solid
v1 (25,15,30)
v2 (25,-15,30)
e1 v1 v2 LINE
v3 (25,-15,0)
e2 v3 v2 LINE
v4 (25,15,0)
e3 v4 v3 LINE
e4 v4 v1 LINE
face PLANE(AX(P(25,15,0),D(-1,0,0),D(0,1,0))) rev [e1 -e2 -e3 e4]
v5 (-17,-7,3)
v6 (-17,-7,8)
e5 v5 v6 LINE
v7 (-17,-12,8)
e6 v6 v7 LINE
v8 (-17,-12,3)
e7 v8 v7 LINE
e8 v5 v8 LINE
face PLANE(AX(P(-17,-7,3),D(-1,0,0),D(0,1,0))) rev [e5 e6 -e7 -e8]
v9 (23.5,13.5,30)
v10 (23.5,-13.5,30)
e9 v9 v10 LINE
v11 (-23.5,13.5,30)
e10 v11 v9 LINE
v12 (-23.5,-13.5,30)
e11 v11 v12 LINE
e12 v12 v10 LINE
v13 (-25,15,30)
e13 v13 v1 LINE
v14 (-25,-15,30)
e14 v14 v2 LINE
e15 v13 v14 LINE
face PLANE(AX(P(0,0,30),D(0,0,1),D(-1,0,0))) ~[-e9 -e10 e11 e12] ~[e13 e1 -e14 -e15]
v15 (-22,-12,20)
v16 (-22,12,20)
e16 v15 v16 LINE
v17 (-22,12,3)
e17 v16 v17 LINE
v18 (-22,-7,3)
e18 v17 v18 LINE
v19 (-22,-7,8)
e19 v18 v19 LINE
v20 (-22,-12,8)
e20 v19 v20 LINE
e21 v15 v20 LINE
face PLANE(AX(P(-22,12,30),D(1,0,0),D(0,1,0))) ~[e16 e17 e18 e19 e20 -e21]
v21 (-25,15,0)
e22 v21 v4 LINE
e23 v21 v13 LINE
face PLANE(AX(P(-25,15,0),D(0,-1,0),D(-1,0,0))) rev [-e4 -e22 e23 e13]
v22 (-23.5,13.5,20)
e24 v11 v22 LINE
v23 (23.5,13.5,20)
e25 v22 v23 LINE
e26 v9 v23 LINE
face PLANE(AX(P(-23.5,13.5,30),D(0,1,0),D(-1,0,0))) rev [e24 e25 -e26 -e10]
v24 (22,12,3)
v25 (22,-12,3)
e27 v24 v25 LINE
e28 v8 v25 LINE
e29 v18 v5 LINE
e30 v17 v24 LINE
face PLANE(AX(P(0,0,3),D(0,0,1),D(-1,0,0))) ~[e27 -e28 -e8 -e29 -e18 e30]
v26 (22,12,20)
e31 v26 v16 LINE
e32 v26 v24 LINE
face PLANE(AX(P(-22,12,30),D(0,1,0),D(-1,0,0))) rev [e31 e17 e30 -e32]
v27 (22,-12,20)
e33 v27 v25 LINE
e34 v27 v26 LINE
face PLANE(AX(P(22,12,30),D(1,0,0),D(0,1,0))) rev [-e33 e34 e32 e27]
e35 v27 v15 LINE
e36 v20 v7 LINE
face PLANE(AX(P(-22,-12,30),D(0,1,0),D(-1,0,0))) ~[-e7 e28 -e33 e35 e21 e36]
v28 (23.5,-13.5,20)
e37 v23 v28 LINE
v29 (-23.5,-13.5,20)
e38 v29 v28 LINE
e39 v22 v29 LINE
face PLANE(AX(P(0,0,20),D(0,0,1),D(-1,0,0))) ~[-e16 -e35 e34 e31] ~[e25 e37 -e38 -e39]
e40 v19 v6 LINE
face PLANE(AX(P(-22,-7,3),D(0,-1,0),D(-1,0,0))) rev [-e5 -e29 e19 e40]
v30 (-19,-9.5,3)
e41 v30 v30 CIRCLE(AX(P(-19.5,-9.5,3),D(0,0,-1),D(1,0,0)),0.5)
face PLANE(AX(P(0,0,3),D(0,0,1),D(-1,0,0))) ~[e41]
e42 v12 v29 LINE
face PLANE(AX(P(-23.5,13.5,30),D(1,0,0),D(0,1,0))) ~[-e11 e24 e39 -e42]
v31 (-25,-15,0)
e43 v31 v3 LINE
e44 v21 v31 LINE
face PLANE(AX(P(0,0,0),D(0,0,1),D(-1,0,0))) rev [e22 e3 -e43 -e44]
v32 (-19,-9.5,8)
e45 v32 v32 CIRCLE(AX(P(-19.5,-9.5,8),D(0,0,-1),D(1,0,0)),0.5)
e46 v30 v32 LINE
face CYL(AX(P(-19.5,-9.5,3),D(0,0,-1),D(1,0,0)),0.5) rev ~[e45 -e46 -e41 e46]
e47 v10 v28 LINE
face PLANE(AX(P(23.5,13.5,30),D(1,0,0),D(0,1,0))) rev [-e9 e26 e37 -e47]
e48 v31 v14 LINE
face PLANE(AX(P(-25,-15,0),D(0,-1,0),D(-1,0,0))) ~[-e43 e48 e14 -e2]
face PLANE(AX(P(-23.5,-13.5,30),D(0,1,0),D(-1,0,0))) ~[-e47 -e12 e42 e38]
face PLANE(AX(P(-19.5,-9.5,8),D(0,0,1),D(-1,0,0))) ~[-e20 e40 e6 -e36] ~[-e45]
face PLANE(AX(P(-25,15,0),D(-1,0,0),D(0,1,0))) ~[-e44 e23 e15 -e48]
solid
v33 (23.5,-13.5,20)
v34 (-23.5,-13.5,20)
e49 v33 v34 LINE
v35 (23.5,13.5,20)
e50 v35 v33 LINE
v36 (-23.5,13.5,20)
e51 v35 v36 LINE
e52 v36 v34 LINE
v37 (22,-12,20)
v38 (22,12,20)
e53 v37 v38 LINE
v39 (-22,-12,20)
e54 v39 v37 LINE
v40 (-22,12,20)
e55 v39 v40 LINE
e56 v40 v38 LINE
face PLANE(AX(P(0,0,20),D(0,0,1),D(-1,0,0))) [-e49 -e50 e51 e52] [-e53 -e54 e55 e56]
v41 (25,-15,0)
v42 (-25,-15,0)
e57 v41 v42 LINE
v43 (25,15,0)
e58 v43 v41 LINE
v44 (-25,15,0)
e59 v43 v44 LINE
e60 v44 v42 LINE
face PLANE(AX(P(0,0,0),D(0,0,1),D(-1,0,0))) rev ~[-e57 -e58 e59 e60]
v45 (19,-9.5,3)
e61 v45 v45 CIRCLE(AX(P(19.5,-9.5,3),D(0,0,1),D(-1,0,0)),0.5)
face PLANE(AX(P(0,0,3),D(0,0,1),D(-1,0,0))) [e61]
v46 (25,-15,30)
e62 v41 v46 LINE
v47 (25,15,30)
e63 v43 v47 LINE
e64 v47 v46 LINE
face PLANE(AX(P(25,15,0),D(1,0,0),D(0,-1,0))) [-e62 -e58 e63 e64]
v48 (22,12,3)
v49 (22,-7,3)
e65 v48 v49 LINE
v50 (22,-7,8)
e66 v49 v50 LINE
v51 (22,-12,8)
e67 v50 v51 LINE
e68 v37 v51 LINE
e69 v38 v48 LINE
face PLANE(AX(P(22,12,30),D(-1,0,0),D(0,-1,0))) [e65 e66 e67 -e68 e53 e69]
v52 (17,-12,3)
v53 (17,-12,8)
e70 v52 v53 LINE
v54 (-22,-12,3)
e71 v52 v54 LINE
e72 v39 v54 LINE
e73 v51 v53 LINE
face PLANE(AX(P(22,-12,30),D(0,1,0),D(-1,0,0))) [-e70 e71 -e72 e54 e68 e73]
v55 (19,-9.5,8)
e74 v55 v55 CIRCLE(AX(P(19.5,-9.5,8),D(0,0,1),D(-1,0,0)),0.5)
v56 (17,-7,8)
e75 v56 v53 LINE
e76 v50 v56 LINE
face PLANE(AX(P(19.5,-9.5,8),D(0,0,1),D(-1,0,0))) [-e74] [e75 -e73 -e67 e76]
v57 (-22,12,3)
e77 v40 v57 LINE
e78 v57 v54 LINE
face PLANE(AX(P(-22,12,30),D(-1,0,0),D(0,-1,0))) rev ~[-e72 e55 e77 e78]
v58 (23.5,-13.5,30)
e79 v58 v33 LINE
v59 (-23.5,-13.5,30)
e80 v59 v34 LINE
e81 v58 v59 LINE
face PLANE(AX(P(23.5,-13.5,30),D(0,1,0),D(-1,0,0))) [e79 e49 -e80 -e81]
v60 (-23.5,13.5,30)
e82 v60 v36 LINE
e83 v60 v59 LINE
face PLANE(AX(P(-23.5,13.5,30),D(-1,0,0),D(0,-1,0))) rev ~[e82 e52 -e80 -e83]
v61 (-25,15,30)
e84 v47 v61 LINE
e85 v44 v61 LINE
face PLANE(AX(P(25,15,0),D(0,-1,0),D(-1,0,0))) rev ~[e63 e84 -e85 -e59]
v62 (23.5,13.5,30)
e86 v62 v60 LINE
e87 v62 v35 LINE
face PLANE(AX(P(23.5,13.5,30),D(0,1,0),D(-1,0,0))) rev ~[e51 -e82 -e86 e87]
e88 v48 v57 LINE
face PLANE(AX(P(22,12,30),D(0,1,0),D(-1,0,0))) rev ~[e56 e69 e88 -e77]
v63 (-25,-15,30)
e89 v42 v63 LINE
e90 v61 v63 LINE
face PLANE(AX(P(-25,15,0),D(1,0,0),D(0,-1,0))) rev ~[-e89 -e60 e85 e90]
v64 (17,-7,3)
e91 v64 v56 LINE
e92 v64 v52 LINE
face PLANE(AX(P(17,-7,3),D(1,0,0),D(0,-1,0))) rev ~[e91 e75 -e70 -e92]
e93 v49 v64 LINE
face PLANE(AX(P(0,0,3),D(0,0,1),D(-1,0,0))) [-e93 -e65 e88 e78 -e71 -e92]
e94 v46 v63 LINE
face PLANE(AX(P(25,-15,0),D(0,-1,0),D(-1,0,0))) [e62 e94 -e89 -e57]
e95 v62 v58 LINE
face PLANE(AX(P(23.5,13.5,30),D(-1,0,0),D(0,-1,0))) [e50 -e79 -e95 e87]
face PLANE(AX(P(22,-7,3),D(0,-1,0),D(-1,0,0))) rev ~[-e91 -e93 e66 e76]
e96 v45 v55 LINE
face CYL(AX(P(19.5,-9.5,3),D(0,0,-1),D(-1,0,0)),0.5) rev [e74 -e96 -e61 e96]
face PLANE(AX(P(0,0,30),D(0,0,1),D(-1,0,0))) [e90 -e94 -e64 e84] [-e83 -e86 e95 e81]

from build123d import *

# Parameters (mm, degrees)
SKETCH_W        = 50
SKETCH_H        = 30
PAD_DEPTH       = 30
SKETCH002_W     = 44
SKETCH002_H     = 24
POCKET_DEPTH    = 27
SKETCH003_W     = 47
SKETCH003_H     = 27
POCKET001_DEPTH = 10
SKETCH005_W     = 5
SKETCH005_H     = 5
SKETCH005_R     = 0.5
PAD001_DEPTH    = 5


with BuildPart() as pad001body:
    # Sketch → Pad (new body)
    with BuildSketch(Plane.XY):
        Rectangle(SKETCH_W, SKETCH_H)
    extrude(amount=PAD_DEPTH)

    # Sketch002 (on Face6 of Pad) → Pocket (cut)
    with BuildSketch(Plane.XY.offset(30)):
        Rectangle(SKETCH002_W, SKETCH002_H)
    extrude(amount=-POCKET_DEPTH, mode=Mode.SUBTRACT)

    # Sketch003 (on Face5 of Pocket) → Pocket001 (cut)
    with BuildSketch(Plane.XY.offset(30)):
        Rectangle(SKETCH003_W, SKETCH003_H)
    extrude(amount=-POCKET001_DEPTH, mode=Mode.SUBTRACT)

    # Sketch005 (on Face16 of Pocket001) → Pad001 (new body)
    with BuildSketch(Plane.XY.offset(3)):
        with Locations((-19.5, 9.5)):
            Rectangle(SKETCH005_W, SKETCH005_H)
        with Locations((-19.5, 9.5)):
            Circle(SKETCH005_R, mode=Mode.SUBTRACT)
    extrude(amount=PAD001_DEPTH)


with BuildPart() as part_mirroring:
    # Part__Mirroring: instance of Pad001Body
    add(pad001body.part.mirror(Plane(origin=(0, 0, 0), x_dir=(0, -1, 0), z_dir=(1, 0, 0))))


with BuildPart() as part_mirroring001:
    # Part__Mirroring001: instance of Part__Mirroring
    add(part_mirroring.part.mirror(Plane(origin=(0, 0, 0), x_dir=(1, 0, 0), z_dir=(0, 1, 0))))


with BuildPart() as part_mirroring002:
    # Part__Mirroring002: instance of Pad001Body
    add(pad001body.part.mirror(Plane(origin=(0, 0, 0), x_dir=(1, 0, 0), z_dir=(0, 1, 0))))


solid = Compound([part_mirroring001.part, part_mirroring002.part])
